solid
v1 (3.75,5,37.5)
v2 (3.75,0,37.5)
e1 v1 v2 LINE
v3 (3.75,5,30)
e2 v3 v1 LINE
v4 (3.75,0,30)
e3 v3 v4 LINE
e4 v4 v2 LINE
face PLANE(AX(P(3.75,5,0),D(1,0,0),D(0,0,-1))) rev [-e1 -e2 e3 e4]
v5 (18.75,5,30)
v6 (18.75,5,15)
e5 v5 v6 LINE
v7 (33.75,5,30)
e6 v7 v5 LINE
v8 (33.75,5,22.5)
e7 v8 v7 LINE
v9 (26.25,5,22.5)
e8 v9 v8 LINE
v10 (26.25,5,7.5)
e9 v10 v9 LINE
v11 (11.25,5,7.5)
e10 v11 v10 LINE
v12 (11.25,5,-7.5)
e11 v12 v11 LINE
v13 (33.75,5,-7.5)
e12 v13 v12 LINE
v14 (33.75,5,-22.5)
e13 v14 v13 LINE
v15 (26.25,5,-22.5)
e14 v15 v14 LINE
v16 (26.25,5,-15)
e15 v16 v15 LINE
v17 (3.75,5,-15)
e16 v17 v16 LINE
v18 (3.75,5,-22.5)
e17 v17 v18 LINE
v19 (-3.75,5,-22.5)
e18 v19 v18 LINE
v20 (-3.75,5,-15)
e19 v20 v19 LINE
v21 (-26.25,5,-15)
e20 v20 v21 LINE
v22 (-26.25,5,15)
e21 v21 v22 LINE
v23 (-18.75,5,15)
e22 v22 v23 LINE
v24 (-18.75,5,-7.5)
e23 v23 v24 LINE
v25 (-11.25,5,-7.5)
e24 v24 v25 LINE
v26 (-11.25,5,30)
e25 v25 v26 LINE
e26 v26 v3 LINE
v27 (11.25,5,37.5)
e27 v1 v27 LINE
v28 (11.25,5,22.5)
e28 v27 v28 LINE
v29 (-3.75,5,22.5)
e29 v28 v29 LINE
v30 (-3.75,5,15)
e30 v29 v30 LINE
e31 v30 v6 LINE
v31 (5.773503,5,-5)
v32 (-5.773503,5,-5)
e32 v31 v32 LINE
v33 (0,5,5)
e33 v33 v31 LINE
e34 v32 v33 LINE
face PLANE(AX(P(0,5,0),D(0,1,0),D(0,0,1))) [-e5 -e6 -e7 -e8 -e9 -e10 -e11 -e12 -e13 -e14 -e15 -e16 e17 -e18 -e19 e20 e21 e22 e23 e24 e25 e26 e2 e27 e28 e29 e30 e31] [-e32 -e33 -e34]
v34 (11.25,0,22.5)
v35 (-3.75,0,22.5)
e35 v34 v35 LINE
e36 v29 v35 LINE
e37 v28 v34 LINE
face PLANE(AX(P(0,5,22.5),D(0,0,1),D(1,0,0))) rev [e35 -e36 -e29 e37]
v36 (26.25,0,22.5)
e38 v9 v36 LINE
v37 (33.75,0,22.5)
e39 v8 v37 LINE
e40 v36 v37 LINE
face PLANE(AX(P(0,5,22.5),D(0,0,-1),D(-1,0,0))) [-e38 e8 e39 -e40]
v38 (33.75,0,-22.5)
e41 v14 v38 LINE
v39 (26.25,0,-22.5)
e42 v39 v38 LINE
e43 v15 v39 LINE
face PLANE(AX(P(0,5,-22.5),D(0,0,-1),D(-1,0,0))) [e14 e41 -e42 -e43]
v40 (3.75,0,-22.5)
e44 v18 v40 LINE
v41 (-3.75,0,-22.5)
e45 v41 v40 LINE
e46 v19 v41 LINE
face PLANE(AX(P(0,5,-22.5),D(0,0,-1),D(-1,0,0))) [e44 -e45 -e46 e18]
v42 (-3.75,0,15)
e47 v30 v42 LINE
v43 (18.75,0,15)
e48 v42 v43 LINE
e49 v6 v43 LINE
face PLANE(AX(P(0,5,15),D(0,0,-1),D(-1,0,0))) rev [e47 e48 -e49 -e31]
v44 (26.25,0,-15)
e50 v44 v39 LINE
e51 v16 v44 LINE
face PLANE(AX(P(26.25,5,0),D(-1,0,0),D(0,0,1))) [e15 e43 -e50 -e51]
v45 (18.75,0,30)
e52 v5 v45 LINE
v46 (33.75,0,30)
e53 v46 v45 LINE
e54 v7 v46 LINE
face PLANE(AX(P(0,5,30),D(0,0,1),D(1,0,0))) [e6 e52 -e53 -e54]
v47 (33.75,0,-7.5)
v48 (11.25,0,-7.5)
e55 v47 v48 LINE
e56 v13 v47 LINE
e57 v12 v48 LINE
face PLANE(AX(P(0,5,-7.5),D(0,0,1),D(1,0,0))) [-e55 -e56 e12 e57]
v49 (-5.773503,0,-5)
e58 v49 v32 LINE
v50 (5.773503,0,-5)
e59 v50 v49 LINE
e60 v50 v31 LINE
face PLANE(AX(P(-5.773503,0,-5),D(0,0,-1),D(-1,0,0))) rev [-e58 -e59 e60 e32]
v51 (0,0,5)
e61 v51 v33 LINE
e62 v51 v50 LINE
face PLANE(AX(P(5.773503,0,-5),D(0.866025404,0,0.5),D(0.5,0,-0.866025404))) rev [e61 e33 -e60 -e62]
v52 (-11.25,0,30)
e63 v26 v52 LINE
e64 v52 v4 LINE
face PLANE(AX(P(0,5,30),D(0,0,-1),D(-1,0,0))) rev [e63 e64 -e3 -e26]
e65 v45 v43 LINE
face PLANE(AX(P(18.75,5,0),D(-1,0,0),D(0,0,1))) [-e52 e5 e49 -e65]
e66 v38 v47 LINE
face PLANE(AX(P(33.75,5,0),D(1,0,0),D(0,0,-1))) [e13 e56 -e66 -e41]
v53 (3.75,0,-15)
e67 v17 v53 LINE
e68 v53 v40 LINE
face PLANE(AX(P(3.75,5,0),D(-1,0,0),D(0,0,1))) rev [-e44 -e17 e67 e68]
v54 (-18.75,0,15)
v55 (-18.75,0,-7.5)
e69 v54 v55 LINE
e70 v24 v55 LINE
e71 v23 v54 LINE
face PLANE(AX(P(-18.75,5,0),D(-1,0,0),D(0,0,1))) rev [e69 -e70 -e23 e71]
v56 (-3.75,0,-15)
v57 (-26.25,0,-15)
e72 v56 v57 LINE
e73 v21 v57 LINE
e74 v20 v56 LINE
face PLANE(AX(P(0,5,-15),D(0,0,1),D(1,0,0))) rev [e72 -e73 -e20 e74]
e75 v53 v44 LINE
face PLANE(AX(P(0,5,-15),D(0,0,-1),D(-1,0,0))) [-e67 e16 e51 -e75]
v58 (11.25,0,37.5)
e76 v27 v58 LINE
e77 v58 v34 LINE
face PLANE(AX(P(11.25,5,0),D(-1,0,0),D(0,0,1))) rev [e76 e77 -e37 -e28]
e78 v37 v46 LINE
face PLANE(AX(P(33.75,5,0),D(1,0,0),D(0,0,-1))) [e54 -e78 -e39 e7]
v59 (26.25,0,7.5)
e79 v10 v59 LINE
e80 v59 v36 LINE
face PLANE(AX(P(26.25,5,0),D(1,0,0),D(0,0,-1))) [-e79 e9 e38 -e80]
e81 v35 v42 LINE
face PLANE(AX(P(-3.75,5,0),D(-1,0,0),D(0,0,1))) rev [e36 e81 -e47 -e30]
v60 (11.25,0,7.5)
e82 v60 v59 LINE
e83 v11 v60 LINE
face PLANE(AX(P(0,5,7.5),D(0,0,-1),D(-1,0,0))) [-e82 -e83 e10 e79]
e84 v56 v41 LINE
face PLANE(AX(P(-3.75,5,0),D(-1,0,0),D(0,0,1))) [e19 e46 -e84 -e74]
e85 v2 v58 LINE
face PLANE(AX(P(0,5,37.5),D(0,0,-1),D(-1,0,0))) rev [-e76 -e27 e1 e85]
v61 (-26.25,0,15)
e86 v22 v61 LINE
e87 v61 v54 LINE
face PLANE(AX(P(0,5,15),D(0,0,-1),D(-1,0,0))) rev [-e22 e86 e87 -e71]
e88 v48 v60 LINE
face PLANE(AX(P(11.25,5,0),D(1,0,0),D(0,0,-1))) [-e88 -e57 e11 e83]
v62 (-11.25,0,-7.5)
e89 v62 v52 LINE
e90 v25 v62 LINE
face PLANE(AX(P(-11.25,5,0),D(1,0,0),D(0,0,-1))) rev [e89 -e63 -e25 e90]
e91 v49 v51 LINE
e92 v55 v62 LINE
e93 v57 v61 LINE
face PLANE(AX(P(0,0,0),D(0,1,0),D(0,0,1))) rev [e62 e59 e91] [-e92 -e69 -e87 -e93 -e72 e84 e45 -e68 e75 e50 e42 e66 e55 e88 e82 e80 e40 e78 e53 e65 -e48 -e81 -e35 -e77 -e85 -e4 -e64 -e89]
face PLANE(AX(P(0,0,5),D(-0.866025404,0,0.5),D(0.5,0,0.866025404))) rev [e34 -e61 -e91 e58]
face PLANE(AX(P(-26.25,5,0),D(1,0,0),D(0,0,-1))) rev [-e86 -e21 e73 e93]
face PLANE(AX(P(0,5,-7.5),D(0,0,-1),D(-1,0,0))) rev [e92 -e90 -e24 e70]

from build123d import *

# Parameters (mm, degrees)
SKETCH1_W           = 22.5
SKETCH1_H           = 30
SKETCH1_W_2         = 7.5
SKETCH1_H_2         = 7.5
BOSS_EXTRUDE1_DEPTH = 5
CUT_EXTRUDE1_DEPTH  = 51.698249477


with BuildPart() as part:
    # Sketch1 → Boss-Extrude1 (new body)
    with BuildSketch(Plane(origin=(0, 0, 0), x_dir=(1, 0, 0), z_dir=(0, 1, 0))):
        Polygon((-11.25, 7.5), (-11.25, 15), (-26.25, 15), (-26.25, -15), (-18.75, -15), (-18.75, 7.5), align=None)
        Rectangle(SKETCH1_W, SKETCH1_H)
        with Locations((0, 18.75)):
            Rectangle(SKETCH1_W_2, SKETCH1_H_2)
        Polygon((26.25, 15), (11.25, 15), (11.25, 7.5), (33.75, 7.5), (33.75, 22.5), (26.25, 22.5), align=None)
        Polygon((26.25, -7.5), (11.25, -7.5), (11.25, -15), (18.75, -15), (18.75, -30), (33.75, -30), (33.75, -22.5), (26.25, -22.5), align=None)
        Polygon((-3.75, -22.5), (-3.75, -15), (-11.25, -15), (-11.25, -30), (3.75, -30), (3.75, -37.5), (11.25, -37.5), (11.25, -22.5), align=None)
    extrude(amount=BOSS_EXTRUDE1_DEPTH)

    # Sketch2 → Cut-Extrude1 (cut, through all)
    with BuildSketch(Plane(origin=(0, 5, 0), x_dir=(1, 0, 0), z_dir=(0, 1, 0))):
        Polygon((-5.773502692, 5), (5.773502692, 5), (0, -5), align=None)
    extrude(amount=-CUT_EXTRUDE1_DEPTH, mode=Mode.SUBTRACT)


solid = part.part
